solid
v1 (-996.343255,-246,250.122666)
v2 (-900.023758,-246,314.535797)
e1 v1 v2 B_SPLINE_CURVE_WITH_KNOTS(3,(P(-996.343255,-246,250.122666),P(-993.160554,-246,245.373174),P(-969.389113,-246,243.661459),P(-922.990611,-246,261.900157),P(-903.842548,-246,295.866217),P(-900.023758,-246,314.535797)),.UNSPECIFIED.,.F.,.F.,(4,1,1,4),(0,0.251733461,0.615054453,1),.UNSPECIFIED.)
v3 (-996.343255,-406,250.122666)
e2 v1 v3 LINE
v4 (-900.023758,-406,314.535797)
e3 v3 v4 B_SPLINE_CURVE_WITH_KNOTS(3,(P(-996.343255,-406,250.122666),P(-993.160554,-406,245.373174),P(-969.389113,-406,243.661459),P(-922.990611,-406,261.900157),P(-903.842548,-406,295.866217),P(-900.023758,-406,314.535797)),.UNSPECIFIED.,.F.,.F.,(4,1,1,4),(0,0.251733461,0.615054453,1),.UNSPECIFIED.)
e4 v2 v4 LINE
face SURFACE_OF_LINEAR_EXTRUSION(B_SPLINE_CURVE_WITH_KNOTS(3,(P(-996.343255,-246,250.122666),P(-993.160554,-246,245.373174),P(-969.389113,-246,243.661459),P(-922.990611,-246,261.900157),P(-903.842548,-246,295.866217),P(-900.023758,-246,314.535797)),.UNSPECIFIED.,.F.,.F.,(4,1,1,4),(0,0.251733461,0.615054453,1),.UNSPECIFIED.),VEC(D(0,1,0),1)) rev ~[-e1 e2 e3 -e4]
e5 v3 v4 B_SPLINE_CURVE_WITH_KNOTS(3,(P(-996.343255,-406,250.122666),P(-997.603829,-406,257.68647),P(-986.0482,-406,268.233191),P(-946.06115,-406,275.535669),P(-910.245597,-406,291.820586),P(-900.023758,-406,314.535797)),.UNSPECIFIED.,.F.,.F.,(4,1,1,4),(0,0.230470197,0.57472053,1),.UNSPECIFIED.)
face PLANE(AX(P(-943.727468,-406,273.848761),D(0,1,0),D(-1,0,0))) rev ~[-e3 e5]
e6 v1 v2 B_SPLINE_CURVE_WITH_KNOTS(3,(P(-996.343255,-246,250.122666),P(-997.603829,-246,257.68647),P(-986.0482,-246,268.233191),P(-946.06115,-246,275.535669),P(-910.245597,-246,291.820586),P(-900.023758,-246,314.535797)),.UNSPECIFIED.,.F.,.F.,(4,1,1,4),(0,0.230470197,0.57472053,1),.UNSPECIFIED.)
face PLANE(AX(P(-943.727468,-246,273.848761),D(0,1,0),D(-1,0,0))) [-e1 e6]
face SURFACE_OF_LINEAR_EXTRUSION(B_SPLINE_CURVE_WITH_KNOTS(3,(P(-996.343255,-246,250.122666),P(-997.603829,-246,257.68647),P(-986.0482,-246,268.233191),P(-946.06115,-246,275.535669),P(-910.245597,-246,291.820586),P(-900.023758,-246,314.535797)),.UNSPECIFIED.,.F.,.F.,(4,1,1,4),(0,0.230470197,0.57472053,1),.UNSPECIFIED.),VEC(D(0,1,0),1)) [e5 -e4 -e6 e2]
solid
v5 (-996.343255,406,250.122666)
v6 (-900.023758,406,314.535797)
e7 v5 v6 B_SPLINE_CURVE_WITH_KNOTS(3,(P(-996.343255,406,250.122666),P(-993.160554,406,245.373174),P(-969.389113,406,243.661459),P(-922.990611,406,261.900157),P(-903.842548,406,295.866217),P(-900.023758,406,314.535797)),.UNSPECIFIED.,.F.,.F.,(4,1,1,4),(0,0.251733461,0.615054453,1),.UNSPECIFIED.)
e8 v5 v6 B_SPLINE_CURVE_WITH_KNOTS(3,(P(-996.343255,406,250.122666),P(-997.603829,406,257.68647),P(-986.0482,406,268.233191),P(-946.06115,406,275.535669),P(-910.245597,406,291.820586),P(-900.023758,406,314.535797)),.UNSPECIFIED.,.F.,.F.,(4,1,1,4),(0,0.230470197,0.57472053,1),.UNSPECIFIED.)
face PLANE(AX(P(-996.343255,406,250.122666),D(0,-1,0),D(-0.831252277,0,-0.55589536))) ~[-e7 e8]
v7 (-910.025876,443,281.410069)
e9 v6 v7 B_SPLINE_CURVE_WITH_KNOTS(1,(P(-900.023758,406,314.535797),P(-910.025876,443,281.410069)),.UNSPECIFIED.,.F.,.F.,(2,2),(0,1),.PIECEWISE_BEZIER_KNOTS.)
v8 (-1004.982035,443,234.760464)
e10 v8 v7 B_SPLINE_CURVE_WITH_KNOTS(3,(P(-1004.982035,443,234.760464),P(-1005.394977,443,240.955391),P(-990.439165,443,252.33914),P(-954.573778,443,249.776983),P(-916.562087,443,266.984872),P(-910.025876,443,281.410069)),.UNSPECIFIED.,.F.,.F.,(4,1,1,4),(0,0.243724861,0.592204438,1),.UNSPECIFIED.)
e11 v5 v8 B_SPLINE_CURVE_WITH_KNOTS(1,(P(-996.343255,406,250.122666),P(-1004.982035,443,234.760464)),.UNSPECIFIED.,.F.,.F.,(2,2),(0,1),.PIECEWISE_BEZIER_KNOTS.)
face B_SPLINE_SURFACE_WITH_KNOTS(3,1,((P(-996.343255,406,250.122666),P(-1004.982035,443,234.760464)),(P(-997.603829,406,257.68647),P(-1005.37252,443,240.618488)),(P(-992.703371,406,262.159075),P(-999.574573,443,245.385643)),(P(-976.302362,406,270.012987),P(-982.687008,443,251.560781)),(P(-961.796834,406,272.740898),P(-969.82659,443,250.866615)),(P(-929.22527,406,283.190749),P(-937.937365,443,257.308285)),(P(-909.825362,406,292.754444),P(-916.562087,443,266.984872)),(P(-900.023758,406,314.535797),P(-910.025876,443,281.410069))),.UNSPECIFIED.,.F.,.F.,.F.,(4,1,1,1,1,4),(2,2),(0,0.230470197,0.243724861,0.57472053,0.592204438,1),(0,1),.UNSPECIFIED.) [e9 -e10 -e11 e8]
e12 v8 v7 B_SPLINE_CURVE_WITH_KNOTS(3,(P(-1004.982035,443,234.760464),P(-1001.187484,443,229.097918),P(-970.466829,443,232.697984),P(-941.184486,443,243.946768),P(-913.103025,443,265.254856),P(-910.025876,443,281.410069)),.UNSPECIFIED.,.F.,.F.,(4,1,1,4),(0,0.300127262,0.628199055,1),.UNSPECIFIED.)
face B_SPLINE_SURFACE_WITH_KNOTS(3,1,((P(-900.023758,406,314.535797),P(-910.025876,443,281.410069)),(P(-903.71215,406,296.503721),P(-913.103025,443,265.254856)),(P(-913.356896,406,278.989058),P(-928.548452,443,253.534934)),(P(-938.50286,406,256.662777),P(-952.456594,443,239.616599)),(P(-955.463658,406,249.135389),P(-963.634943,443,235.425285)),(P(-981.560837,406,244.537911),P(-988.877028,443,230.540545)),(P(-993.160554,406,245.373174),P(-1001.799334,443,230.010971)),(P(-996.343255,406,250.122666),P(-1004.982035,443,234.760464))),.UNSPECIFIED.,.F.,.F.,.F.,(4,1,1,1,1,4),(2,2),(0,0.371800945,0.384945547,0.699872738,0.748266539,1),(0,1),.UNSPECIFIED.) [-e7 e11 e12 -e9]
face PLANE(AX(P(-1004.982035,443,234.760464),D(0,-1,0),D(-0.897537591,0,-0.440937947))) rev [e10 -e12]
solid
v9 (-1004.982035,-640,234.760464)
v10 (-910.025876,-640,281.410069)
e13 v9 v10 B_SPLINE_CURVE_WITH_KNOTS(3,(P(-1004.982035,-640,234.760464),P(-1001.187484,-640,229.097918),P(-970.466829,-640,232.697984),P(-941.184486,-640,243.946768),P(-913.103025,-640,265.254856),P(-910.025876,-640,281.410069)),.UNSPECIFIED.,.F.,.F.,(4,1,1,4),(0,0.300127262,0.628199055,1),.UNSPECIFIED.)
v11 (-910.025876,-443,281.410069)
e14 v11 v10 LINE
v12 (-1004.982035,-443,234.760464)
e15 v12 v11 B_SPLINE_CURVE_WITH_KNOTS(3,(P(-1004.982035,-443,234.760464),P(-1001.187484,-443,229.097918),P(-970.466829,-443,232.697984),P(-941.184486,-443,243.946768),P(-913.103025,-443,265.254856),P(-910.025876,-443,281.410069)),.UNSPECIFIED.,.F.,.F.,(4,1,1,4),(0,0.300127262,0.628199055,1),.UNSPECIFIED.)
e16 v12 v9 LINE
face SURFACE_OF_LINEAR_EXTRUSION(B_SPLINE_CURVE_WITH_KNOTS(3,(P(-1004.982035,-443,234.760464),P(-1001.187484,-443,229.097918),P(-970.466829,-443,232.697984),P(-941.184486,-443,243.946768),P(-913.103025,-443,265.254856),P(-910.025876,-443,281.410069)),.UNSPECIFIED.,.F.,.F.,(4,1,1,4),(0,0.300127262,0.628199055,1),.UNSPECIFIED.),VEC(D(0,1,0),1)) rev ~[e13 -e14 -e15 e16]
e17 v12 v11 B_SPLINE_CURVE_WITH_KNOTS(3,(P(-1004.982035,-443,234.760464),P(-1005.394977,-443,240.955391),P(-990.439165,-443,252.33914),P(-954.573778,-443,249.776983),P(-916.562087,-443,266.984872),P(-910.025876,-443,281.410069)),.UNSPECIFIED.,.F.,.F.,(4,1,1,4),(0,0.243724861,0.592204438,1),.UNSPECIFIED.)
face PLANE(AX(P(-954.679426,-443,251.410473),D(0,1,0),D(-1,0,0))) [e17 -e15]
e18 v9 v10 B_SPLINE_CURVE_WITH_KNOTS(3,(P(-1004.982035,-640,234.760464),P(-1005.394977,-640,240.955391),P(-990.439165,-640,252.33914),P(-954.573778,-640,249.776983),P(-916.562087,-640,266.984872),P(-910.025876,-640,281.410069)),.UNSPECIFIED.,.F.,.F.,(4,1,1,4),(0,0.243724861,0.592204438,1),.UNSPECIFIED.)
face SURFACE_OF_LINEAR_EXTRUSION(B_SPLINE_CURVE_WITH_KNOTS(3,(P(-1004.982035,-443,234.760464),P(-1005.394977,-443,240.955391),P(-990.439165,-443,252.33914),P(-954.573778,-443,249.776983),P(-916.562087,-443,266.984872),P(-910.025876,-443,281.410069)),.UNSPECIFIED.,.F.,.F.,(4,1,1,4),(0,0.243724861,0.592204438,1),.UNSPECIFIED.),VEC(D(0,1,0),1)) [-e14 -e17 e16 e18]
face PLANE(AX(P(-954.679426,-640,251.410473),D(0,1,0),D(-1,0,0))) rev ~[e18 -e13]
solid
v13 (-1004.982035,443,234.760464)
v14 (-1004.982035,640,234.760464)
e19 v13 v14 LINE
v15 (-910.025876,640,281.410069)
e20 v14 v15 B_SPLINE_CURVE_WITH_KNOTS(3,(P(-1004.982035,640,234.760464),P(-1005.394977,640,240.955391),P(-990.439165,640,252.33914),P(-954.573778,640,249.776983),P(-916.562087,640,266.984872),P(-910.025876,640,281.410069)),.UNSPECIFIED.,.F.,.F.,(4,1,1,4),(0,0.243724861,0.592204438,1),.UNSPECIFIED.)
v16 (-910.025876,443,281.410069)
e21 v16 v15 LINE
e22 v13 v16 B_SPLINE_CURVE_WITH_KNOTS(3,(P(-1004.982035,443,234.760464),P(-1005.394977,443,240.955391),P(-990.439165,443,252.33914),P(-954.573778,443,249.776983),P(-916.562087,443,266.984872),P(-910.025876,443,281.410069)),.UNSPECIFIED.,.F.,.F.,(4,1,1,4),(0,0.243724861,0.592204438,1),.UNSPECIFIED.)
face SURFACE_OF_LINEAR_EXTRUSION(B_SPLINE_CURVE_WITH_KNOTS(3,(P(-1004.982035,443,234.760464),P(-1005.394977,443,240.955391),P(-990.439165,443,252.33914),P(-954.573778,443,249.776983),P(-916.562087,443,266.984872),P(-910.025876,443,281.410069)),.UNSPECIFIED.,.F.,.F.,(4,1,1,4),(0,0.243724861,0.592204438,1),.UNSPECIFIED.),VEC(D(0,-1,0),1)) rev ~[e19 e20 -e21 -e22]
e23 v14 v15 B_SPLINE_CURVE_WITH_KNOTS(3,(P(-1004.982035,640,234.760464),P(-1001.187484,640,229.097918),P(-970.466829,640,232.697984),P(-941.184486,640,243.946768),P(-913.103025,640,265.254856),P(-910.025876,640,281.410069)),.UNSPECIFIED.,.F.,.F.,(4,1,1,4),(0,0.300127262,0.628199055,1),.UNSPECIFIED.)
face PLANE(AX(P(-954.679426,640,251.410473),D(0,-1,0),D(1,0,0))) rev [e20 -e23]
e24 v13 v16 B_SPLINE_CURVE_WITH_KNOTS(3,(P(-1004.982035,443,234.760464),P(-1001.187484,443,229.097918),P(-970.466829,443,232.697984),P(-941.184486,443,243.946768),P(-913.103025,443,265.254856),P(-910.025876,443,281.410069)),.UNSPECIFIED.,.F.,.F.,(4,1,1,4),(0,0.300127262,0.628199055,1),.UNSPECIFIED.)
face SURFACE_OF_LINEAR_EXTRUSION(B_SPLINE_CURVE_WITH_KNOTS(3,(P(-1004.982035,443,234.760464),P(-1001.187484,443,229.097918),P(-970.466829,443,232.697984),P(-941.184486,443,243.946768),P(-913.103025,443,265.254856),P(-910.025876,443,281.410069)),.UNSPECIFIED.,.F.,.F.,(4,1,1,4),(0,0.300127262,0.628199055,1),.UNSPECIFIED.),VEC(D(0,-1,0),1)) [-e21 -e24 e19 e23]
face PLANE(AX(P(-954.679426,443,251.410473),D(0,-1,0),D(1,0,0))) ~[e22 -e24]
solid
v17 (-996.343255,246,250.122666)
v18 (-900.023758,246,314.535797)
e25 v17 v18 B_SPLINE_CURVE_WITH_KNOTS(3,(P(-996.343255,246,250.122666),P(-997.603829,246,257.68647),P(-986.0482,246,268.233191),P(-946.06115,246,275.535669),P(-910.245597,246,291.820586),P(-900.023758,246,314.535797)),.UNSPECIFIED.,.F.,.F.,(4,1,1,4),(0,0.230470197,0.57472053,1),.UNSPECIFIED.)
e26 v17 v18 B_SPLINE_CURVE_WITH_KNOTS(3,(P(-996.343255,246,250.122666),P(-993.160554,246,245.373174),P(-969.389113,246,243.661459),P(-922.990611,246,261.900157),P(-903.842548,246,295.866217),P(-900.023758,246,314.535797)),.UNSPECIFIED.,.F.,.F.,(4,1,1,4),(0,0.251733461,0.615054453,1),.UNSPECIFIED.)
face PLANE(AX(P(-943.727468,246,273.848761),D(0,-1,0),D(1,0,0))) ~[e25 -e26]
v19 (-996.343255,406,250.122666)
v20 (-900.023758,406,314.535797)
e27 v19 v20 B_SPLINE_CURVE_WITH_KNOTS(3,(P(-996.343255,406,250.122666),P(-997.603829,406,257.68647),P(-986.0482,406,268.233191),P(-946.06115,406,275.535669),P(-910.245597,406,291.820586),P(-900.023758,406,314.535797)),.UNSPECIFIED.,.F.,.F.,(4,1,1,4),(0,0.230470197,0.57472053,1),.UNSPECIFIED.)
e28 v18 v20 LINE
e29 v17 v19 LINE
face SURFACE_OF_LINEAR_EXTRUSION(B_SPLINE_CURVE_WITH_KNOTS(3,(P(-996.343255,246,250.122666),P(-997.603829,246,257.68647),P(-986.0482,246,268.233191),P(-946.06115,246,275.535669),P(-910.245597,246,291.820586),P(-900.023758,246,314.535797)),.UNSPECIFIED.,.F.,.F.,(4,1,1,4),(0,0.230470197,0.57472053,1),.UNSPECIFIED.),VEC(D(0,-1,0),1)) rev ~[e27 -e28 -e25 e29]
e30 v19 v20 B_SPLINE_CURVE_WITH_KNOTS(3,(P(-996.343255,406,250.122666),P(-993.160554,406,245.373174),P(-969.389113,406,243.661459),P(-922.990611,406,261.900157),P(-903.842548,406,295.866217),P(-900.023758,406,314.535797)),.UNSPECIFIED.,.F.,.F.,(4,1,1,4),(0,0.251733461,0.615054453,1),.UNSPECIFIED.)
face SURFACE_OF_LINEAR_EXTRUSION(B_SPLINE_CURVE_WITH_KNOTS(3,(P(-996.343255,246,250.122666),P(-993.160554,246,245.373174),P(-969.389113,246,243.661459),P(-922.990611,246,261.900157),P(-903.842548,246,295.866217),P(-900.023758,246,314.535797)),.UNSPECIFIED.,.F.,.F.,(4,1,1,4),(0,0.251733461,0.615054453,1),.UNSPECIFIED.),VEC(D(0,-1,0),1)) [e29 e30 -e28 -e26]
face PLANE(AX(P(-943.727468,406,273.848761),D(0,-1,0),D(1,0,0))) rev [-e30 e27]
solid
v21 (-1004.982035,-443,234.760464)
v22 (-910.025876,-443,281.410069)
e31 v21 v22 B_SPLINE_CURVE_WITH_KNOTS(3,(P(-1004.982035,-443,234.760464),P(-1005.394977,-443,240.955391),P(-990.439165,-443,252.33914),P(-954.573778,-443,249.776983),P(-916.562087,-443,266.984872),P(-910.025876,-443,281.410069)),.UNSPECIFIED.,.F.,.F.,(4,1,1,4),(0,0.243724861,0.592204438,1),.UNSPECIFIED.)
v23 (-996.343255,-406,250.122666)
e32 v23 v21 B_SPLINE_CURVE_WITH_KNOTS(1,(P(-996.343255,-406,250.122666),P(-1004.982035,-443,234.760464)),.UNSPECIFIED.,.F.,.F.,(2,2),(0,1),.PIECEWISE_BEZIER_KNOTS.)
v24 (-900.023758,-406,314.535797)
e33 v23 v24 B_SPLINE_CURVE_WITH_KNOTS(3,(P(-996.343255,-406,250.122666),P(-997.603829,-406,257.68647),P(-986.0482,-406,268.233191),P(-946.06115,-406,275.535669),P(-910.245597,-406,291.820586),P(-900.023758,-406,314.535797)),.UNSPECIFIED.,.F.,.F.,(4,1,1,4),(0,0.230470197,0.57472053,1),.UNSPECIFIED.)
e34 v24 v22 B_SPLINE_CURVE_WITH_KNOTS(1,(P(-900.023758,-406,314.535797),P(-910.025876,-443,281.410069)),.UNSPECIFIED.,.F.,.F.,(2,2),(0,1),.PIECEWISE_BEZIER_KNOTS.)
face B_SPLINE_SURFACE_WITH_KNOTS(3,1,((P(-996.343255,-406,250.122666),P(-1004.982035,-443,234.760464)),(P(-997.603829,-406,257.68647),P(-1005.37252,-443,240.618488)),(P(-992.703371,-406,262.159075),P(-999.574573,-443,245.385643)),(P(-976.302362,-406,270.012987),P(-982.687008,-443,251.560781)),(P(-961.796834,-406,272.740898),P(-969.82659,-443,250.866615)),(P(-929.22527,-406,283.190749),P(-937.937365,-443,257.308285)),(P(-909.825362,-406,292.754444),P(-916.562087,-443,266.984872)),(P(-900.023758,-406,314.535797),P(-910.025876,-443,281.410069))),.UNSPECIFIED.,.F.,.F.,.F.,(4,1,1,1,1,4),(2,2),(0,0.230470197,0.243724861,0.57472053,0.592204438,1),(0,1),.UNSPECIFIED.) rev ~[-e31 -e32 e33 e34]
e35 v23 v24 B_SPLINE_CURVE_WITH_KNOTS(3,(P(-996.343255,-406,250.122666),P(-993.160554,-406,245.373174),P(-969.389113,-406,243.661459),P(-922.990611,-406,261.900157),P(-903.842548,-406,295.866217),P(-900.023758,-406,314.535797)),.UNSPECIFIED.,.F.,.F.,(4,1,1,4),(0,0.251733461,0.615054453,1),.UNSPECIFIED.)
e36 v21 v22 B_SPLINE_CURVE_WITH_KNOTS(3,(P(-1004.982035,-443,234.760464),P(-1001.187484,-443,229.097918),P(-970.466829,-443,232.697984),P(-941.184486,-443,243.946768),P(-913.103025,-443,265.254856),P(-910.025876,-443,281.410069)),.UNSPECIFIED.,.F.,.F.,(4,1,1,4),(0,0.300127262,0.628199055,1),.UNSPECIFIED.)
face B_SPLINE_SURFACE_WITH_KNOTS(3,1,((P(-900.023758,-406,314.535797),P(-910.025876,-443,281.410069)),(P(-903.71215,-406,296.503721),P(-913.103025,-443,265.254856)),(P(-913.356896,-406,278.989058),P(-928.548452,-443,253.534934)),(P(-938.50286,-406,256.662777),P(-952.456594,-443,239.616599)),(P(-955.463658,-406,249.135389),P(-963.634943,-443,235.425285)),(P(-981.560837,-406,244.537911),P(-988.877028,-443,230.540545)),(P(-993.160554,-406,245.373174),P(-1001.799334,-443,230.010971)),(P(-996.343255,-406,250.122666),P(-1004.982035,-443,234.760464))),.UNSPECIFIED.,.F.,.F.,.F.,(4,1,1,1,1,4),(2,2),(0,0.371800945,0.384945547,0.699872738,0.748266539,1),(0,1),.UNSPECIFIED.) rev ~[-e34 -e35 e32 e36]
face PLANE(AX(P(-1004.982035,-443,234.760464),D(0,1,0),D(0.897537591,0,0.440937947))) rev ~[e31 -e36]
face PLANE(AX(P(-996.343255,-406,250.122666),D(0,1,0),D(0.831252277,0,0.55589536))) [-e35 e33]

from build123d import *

# Parameters (mm, degrees)
F4_DEPTH = 197
F5_DEPTH = 160


with BuildPart() as f4:
    # F3 (on offset) → F4 (new body)
    with BuildSketch(Plane.XZ.offset(443)):
        with BuildLine():
            add(Edge.make_bspline(
                [(-1004.9820351601, 234.760463655), (-1005.3949773081, 240.9553906737), (-990.4391649182, 252.3391398937), (-954.573777552, 249.7769825256), (-916.562087141, 266.9848715388), (-910.0258755684, 281.4100686908)],
                knots=[0, 0, 0, 0, 0.2437248607, 0.5922044376, 1, 1, 1, 1], degree=3))
            add(Edge.make_bspline(
                [(-1004.9820351601, 234.760463655), (-1001.1874842644, 229.0979180932), (-970.4668291882, 232.6979835189), (-941.184486446, 243.9467682926), (-913.1030249596, 265.2548555732), (-910.0258755684, 281.4100686908)],
                knots=[0, 0, 0, 0, 0.3001272623, 0.6281990546, 1, 1, 1, 1], degree=3))
        make_face()
    extrude(amount=F4_DEPTH)


with BuildPart() as f5:
    # F1 (on offset) → F5 (new body)
    with BuildSketch(Plane.XZ.offset(246)):
        with BuildLine():
            add(Edge.make_bspline(
                [(-996.343255043, 250.1226663589), (-997.6038289993, 257.6864699182), (-986.0482000952, 268.2331913503), (-946.0611500296, 275.535669466), (-910.2455973625, 291.8205857277), (-900.0237584114, 314.5357966423)],
                knots=[0, 0, 0, 0, 0.2304701972, 0.5747205304, 1, 1, 1, 1], degree=3))
            add(Edge.make_bspline(
                [(-996.343255043, 250.1226663589), (-993.1605537334, 245.373173818), (-969.3891132379, 243.6614591508), (-922.9906106352, 261.9001566209), (-903.8425484406, 295.8662170546), (-900.0237584114, 314.5357966423)],
                knots=[0, 0, 0, 0, 0.2517334612, 0.6150544532, 1, 1, 1, 1], degree=3))
        make_face()
    extrude(amount=F5_DEPTH)


with BuildPart() as f6:
    # F5_face (on face) → F6 section 0
    with BuildSketch(Plane(origin=(-952.4749550056, -406, 266.7721840589), x_dir=(1, 0, 0), z_dir=(0, -1, 0))):
        with BuildLine():
            add(Edge.make_bspline(
                [(-43.8683000374, -16.6495176999), (-45.1288739937, -9.0857141407), (-33.5732450896, 1.4610072914), (6.413804976, 8.7634854071), (42.2293576431, 25.0484016688), (52.4511965942, 47.7636125834)],
                knots=[0, 0, 0, 0, 0.2304701972, 0.5747205304, 1, 1, 1, 1], degree=3))
            add(Edge.make_bspline(
                [(-43.8683000374, -16.6495176999), (-40.6855987278, -21.3990102409), (-16.9141582322, -23.1107249081), (29.4843443704, -4.8720274379), (48.632406565, 29.0940329957), (52.4511965942, 47.7636125834)],
                knots=[0, 0, 0, 0, 0.2517334612, 0.6150544532, 1, 1, 1, 1], degree=3))
        make_face()
    # F4_face (on face) → F6 section 1
    with BuildSketch(Plane(origin=(-964.483956669, -443, 246.3604390238), x_dir=(1, 0, 0), z_dir=(0, 1, 0))):
        with BuildLine():
            add(Edge.make_bspline(
                [(-40.498078491, 11.5999753688), (-40.911020639, 5.4050483501), (-25.9552082492, -5.9787008699), (9.910179117, -3.4165435018), (47.921869528, -20.624432515), (54.4580811006, -35.049629667)],
                knots=[0, 0, 0, 0, 0.2437248607, 0.5922044376, 1, 1, 1, 1], degree=3))
            add(Edge.make_bspline(
                [(-40.498078491, 11.5999753688), (-36.7035275954, 17.2625209306), (-5.9828725192, 13.6624555048), (23.299470223, 2.4136707312), (51.3809317095, -18.8944165494), (54.4580811006, -35.049629667)],
                knots=[0, 0, 0, 0, 0.3001272623, 0.6281990546, 1, 1, 1, 1], degree=3))
        make_face()
    loft()


with BuildPart() as f7_1:
    # F7: instance of F5
    add(f5.part.mirror(Plane.XZ))


with BuildPart() as f7_2:
    # F7: instance of F6
    add(f6.part.mirror(Plane.XZ))


with BuildPart() as f7_3:
    # F7: instance of F4
    add(f4.part.mirror(Plane.XZ))


solid = Compound([f4.part, f5.part, f6.part, f7_1.part, f7_2.part, f7_3.part])
